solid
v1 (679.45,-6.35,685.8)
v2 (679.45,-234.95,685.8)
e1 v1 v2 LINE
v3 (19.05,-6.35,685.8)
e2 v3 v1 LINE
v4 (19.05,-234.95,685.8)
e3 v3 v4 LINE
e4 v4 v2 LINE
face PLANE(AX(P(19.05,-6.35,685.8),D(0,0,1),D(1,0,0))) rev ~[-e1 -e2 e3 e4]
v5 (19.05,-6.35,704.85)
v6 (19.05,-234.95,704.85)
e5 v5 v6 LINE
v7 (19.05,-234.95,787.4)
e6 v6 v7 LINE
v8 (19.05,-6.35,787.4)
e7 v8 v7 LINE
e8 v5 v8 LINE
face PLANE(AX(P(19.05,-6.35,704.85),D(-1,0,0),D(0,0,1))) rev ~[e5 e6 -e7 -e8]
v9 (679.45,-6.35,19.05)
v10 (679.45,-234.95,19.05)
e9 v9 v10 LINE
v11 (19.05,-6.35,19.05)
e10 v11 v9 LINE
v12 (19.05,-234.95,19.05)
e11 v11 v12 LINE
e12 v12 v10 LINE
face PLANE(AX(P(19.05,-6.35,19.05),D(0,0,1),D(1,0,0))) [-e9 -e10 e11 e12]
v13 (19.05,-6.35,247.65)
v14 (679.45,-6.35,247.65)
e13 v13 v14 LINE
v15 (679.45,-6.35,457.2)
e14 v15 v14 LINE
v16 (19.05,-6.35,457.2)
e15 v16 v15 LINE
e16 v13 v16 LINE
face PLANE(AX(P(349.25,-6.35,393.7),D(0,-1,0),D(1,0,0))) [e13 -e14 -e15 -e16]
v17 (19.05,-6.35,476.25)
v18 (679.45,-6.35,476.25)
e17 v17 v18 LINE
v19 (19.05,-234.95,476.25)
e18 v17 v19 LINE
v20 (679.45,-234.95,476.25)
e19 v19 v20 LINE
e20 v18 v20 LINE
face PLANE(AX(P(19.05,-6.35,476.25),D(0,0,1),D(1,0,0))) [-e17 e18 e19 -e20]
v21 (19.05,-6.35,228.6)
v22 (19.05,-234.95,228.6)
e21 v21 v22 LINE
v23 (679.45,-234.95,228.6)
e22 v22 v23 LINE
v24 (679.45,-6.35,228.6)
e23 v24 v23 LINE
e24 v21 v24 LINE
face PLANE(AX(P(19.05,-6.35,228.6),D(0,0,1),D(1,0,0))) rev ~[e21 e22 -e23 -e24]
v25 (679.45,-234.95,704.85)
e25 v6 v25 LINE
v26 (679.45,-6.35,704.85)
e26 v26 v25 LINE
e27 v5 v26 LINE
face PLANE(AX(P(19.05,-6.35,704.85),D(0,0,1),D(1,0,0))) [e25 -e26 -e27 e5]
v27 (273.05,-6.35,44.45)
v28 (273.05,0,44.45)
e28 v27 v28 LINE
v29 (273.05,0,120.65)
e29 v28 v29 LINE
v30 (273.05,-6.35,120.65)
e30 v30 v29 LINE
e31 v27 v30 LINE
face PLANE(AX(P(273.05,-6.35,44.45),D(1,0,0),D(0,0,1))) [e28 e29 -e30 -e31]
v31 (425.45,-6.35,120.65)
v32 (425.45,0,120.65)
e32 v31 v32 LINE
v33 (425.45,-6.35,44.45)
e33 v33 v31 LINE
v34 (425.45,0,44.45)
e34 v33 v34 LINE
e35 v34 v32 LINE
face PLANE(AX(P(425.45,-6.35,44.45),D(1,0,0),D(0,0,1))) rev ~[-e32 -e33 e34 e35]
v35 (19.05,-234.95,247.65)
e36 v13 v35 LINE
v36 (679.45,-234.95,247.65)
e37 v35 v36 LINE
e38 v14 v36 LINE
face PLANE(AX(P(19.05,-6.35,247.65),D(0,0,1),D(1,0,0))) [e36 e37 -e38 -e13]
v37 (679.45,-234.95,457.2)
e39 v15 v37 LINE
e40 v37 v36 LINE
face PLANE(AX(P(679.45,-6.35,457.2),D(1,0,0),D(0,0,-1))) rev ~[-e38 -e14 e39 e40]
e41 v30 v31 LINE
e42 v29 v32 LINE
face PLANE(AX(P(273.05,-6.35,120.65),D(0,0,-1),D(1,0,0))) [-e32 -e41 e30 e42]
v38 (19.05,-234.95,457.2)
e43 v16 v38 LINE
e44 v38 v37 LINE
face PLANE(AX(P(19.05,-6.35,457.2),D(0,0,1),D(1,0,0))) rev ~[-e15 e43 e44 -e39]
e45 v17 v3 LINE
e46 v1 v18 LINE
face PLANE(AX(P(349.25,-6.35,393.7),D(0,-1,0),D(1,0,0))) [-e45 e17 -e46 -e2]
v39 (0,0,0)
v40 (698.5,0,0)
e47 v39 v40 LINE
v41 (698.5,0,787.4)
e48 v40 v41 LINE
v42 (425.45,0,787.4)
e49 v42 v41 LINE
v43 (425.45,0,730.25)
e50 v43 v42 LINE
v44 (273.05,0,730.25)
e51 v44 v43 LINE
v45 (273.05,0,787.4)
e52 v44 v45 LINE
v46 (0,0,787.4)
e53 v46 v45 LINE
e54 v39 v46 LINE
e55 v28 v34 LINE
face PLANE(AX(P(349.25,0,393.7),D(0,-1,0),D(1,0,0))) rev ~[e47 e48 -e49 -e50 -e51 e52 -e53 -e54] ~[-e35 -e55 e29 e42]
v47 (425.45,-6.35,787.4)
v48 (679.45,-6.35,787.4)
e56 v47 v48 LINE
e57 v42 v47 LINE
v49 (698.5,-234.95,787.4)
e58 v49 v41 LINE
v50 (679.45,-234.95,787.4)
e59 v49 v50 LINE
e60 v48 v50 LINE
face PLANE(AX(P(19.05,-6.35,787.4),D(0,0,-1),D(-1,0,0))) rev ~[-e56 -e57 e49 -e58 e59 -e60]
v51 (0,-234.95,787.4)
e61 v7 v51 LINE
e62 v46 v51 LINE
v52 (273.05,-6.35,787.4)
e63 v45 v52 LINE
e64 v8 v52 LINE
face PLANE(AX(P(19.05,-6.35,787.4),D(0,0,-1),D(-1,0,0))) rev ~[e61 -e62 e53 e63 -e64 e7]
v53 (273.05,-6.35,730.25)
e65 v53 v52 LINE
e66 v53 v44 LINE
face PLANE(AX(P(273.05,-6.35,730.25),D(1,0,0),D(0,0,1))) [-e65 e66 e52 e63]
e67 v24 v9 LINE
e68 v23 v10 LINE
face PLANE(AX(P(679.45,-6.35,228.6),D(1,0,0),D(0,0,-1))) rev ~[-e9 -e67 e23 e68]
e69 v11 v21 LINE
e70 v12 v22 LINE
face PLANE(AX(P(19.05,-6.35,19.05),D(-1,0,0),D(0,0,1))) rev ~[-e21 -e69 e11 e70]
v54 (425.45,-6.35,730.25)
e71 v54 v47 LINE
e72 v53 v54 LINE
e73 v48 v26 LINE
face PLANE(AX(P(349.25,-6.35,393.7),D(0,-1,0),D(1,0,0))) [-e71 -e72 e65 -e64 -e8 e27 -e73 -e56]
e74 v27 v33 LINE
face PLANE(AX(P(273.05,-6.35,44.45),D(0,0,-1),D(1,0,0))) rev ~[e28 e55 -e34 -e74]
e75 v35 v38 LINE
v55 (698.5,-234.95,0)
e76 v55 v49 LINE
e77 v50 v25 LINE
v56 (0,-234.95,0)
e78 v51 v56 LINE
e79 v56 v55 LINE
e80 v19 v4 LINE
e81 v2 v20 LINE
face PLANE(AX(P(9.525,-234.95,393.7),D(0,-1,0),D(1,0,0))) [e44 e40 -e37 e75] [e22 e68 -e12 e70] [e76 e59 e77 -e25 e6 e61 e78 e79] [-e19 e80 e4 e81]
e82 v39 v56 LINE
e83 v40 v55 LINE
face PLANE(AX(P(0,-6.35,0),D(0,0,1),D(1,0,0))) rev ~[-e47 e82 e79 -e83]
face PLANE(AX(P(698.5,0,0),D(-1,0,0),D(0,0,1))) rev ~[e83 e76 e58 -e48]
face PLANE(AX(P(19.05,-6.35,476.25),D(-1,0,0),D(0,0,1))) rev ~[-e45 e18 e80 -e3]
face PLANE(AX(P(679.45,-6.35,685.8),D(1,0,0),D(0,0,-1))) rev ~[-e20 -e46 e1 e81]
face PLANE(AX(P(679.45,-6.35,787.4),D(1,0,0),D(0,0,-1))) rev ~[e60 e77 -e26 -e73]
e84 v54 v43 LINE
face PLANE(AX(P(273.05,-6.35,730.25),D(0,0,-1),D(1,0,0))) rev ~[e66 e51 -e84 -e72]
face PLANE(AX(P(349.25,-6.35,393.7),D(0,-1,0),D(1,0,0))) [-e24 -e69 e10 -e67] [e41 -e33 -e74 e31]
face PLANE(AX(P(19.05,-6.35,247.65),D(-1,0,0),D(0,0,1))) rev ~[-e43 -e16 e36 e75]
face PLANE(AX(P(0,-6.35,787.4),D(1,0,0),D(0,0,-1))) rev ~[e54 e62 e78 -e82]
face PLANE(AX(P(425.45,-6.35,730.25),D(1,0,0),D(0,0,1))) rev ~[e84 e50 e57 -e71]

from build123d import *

# Parameters (mm, degrees)
F0_W     = 698.5
F0_H     = 787.4
F1_DEPTH = 6.35
F2_W     = 660.4
F2_H     = 19.05
F3_DEPTH = 228.6
F4_W     = 152.4
F4_H     = 76.2
F5_DEPTH = 25.4


with BuildPart() as f1:
    # F0 (on Front) → F1 (new body)
    with BuildSketch(Plane.XZ):
        with Locations((349.25, 393.7)):
            Rectangle(F0_W, F0_H)
    extrude(amount=F1_DEPTH)

    # F2 (on face) → F3 (join)
    with BuildSketch(Plane.XZ.offset(6.35)):
        Polygon((19.05, 787.4), (0, 787.4), (0, 0), (19.05, 0), (19.05, 19.05), (19.05, 228.6), (19.05, 247.65), (19.05, 457.2), (19.05, 476.25), (19.05, 685.8), (19.05, 704.85), align=None)
        Polygon((698.5, 787.4), (679.45, 787.4), (679.45, 704.85), (679.45, 685.8), (679.45, 476.25), (679.45, 457.2), (679.45, 247.65), (679.45, 228.6), (679.45, 19.05), (679.45, 0), (698.5, 0), align=None)
        with Locations((349.25, 695.325)):
            Rectangle(F2_W, F2_H)
        with Locations((349.25, 466.725)):
            Rectangle(F2_W, F2_H)
        with Locations((349.25, 238.125)):
            Rectangle(F2_W, F2_H)
        with Locations((349.25, 9.525)):
            Rectangle(F2_W, F2_H)
    extrude(amount=F3_DEPTH)

    # F4 (on face) → F5 (cut)
    with BuildSketch(Plane.XZ.offset(6.35)):
        with Locations((349.25, 768.35)):
            Rectangle(F4_W, F4_H)
        with Locations((349.25, 82.55)):
            Rectangle(F4_W, F4_H)
    extrude(amount=-F5_DEPTH, mode=Mode.SUBTRACT)


solid = f1.part
